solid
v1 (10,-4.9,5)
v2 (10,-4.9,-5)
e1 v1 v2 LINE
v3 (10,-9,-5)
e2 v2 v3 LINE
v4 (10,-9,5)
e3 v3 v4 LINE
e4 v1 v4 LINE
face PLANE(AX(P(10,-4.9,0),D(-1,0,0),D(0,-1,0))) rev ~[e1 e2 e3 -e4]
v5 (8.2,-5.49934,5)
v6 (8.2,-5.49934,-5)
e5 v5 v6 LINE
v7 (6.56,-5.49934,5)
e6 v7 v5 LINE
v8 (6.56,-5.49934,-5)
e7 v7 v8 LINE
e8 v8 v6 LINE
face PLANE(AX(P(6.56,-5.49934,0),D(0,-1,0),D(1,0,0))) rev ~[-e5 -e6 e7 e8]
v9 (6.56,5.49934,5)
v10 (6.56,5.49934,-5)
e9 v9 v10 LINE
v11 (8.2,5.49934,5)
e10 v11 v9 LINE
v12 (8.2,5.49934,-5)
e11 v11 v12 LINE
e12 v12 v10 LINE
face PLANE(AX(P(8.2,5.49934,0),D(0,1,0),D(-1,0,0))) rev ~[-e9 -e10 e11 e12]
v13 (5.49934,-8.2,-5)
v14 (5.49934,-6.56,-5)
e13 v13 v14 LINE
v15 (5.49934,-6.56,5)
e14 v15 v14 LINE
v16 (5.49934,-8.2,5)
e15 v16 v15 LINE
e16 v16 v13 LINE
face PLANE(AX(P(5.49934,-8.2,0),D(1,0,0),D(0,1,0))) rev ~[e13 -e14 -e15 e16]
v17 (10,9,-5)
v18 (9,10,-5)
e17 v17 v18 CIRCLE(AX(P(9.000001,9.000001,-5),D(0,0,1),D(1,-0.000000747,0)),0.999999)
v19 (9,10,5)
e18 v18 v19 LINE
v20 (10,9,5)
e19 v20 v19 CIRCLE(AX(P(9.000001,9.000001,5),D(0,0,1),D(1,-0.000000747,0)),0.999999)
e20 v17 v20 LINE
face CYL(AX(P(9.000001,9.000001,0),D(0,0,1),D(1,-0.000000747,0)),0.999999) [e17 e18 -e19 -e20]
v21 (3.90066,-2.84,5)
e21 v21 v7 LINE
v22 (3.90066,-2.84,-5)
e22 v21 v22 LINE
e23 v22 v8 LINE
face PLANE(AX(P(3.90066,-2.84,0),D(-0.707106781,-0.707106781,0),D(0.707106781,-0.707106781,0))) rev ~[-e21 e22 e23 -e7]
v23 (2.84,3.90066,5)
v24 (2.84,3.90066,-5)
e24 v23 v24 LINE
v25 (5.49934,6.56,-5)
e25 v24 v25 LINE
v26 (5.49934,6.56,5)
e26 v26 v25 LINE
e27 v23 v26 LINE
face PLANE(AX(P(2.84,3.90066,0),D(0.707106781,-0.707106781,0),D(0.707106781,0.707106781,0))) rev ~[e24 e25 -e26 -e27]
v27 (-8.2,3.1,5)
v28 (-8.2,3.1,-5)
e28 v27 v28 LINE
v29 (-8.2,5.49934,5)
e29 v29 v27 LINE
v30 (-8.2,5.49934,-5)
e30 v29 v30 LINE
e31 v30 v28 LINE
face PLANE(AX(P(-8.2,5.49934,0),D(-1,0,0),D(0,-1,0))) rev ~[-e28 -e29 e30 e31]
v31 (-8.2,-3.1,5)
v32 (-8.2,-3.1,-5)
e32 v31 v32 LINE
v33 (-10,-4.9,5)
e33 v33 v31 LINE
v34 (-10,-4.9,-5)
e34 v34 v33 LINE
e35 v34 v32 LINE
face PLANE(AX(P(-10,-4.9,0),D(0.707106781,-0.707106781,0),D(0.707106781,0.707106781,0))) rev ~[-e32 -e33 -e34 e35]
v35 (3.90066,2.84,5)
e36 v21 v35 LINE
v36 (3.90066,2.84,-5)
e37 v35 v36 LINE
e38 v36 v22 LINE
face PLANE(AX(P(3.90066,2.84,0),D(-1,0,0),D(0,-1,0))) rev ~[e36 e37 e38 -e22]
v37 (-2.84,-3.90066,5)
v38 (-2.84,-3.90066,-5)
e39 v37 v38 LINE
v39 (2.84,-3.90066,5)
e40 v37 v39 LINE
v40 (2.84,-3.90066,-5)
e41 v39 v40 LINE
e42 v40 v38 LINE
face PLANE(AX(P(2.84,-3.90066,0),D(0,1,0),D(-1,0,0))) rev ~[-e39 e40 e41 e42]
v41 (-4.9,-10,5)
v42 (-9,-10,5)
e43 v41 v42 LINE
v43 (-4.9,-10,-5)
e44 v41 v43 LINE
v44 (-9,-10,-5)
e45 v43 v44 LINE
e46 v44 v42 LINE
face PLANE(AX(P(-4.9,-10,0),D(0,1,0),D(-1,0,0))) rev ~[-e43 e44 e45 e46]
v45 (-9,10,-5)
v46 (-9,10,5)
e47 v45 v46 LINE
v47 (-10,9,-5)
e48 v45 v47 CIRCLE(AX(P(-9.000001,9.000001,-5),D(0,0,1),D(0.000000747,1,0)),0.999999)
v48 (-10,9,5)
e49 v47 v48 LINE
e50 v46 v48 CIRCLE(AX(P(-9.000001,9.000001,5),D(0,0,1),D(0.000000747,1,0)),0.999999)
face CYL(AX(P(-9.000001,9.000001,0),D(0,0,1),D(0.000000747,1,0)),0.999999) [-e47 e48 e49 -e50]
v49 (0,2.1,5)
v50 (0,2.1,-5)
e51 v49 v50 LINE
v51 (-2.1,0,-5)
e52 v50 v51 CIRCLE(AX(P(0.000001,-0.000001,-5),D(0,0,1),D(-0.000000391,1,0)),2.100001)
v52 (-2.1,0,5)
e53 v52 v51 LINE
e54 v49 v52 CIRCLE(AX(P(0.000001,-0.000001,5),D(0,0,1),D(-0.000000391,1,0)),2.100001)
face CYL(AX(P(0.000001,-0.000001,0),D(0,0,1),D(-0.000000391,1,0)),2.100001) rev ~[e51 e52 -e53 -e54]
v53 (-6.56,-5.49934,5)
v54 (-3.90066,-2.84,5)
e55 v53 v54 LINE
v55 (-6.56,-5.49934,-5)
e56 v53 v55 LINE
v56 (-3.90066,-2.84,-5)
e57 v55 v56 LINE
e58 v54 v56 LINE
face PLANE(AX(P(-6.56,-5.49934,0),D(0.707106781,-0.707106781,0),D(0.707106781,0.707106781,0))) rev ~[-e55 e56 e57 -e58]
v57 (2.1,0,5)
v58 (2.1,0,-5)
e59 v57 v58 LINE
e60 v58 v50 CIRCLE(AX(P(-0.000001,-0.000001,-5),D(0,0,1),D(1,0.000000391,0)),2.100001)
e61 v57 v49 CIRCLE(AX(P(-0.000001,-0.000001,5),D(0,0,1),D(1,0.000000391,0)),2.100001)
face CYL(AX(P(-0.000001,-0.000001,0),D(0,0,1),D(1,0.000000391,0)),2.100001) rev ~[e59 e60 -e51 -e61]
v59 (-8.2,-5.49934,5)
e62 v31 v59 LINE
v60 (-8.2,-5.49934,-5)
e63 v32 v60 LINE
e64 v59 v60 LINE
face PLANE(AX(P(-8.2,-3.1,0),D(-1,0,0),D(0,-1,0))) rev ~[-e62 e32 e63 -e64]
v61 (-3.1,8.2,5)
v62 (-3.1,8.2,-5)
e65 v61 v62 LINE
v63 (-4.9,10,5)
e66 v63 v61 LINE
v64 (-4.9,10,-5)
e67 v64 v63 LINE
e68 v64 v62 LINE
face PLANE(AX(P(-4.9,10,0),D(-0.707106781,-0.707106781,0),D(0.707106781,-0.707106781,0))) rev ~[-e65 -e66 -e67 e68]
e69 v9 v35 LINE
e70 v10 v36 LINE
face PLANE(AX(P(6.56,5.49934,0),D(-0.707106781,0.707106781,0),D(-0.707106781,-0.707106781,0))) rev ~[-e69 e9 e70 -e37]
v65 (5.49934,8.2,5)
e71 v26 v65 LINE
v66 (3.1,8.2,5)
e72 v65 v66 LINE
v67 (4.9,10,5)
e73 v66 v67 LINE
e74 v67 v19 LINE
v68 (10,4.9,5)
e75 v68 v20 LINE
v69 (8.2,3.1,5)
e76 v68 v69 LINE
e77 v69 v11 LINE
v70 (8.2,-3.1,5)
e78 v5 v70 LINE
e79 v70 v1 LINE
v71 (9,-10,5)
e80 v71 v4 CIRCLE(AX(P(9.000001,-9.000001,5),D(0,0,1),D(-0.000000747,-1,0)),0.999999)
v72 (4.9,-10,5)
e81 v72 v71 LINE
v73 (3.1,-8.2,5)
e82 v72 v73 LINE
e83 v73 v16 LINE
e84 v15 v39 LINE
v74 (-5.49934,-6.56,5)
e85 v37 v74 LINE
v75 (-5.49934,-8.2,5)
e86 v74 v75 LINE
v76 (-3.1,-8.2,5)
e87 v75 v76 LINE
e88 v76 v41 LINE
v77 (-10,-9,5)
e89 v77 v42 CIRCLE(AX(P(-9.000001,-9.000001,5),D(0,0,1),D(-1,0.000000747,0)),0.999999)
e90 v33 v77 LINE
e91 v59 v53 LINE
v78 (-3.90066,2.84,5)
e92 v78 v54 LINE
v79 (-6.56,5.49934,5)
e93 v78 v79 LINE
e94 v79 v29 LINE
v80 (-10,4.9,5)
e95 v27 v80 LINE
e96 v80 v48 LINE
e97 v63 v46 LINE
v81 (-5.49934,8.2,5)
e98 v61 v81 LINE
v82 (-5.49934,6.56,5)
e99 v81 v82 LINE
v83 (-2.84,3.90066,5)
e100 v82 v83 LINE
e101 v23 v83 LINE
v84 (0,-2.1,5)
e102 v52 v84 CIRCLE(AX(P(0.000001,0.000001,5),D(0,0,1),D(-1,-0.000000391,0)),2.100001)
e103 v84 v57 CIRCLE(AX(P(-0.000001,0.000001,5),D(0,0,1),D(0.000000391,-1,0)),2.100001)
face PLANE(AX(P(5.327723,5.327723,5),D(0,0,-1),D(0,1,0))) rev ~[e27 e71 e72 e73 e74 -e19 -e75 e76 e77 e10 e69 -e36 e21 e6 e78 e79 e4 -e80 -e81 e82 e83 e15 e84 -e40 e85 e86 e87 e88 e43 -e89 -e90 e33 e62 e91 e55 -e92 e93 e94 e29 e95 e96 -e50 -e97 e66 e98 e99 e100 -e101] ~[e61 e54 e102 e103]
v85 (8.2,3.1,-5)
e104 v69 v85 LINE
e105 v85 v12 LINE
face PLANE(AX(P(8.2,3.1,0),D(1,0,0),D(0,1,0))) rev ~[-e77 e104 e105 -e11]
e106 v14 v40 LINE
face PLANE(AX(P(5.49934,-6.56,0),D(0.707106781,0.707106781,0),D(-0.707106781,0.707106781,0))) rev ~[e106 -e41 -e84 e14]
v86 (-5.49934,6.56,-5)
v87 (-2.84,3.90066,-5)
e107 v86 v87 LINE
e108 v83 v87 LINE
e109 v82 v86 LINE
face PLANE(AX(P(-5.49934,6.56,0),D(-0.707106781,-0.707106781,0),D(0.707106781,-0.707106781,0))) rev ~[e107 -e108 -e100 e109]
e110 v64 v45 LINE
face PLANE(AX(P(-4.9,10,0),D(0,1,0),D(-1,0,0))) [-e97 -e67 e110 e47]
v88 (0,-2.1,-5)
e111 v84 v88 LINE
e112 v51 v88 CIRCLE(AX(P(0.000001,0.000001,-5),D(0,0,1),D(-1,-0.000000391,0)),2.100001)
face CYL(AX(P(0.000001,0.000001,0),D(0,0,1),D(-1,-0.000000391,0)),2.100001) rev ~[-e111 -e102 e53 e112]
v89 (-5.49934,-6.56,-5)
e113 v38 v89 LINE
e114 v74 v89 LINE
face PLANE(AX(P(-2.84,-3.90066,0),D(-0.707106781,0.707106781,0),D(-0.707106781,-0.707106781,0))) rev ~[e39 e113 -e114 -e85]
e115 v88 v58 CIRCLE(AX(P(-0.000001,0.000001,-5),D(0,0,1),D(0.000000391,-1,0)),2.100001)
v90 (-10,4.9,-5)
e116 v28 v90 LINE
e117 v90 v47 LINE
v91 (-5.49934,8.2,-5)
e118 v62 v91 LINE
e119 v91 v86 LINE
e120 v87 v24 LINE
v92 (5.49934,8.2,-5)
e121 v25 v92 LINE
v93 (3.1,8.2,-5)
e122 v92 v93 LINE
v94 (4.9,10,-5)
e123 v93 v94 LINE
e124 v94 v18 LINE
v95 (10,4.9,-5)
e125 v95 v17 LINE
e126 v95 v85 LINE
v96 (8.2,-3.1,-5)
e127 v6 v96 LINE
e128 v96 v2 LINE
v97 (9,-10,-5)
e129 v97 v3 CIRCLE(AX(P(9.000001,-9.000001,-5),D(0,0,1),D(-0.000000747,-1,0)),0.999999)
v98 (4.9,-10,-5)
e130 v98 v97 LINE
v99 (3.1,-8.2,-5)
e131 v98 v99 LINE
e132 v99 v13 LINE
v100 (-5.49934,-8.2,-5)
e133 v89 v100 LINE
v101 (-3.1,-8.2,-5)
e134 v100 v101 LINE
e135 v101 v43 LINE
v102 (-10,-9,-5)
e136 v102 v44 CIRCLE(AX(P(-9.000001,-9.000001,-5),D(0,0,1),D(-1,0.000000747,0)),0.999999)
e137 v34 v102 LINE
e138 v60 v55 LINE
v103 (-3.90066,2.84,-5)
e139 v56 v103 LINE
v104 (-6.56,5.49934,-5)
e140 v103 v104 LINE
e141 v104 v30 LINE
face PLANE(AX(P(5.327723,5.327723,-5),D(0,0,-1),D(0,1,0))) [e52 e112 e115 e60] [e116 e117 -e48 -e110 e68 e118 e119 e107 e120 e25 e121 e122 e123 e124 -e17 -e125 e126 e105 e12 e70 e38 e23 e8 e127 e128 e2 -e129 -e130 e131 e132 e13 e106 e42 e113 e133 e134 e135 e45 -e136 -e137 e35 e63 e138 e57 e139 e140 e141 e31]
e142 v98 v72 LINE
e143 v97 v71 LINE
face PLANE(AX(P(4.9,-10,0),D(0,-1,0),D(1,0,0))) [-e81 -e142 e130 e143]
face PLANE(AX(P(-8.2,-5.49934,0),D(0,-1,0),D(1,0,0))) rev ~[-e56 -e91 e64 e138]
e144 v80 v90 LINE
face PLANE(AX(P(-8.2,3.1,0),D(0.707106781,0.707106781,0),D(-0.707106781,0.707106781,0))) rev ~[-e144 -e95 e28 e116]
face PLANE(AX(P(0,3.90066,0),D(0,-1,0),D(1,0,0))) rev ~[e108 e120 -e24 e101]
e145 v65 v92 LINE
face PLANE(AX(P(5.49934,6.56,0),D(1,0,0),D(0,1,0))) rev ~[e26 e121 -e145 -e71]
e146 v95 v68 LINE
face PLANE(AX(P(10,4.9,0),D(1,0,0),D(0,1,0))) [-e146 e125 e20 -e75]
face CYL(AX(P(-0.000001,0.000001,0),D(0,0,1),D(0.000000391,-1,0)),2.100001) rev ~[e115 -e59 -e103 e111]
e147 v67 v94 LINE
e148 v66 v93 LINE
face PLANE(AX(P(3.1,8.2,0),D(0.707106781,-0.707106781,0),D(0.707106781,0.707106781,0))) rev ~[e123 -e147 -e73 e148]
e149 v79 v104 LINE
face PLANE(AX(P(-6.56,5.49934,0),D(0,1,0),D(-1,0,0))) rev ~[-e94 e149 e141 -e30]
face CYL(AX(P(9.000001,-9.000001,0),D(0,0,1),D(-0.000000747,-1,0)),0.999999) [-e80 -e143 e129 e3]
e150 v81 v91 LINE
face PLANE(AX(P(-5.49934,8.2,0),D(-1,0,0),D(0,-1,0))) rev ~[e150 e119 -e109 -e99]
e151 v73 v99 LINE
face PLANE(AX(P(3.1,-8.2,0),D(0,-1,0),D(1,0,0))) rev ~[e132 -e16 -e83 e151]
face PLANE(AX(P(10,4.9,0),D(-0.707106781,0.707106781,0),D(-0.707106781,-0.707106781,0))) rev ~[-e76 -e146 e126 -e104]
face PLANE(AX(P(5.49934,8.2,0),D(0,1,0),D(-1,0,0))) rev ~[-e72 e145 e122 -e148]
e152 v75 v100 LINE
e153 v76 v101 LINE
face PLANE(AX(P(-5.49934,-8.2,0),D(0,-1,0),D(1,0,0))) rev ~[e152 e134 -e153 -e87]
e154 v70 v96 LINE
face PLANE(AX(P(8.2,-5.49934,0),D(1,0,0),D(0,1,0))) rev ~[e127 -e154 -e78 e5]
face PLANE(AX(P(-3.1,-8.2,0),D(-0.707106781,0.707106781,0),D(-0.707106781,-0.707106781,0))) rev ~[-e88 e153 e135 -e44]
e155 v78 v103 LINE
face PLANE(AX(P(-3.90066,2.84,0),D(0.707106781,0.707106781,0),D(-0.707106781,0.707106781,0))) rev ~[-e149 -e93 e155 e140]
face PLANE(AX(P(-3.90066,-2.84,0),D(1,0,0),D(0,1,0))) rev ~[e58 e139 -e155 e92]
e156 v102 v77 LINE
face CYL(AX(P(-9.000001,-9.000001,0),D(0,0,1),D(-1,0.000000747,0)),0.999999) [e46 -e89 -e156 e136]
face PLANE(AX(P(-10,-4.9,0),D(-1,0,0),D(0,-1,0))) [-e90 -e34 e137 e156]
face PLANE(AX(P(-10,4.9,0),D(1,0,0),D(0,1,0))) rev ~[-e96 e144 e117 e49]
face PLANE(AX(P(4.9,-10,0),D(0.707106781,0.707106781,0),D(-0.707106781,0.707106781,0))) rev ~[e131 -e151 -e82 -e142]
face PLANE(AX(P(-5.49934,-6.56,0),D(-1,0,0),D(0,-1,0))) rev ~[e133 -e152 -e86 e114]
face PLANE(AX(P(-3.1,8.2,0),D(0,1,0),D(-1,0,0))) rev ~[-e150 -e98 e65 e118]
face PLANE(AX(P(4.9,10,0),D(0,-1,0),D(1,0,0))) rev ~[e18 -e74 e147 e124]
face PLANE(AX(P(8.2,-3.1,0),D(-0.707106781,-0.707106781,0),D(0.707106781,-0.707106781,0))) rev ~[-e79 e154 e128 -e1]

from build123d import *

# Parameters (mm, degrees)
PAD_DEPTH          = 5
POLARPATTERN_COUNT = 4


with BuildPart() as part:
    # Sketch → Pad (new body, symmetric)
    with BuildSketch(Plane.XY):
        with BuildLine():
            Line((-4.9, 10), (-3.1, 8.2))
            Line((-3.1, 8.2), (-5.49934, 8.2))
            Line((-5.49934, 8.2), (-5.49934, 6.56))
            Line((-5.49934, 6.56), (-2.84, 3.90066))
            Line((-2.84, 3.90066), (0, 3.90066))
            Line((0, 3.90066), (0, 2.1))
            ThreePointArc((0, 2.1), (-1.484924, 1.484924), (-2.1, 0))
            Line((-3.90066, 0), (-2.1, 0))
            Line((-3.90066, 0), (-3.90066, 2.84))
            Line((-3.90066, 2.84), (-6.56, 5.49934))
            Line((-6.56, 5.49934), (-8.2, 5.49934))
            Line((-8.2, 5.49934), (-8.2, 3.1))
            Line((-8.2, 3.1), (-10, 4.9))
            Line((-10, 4.9), (-10, 9))
            ThreePointArc((-9, 10), (-9.707107, 9.707107), (-10, 9))
            Line((-4.9, 10), (-9, 10))
        make_face()
    pad = extrude(amount=PAD_DEPTH, both=True)

    # PolarPattern: Pad ×4 about axis
    polarpattern_axis = Axis((0, 0, 0), (0, 0, 1))
    for i in range(1, POLARPATTERN_COUNT):
        add(pad.rotate(polarpattern_axis, i * 360 / POLARPATTERN_COUNT))


solid = part.part
